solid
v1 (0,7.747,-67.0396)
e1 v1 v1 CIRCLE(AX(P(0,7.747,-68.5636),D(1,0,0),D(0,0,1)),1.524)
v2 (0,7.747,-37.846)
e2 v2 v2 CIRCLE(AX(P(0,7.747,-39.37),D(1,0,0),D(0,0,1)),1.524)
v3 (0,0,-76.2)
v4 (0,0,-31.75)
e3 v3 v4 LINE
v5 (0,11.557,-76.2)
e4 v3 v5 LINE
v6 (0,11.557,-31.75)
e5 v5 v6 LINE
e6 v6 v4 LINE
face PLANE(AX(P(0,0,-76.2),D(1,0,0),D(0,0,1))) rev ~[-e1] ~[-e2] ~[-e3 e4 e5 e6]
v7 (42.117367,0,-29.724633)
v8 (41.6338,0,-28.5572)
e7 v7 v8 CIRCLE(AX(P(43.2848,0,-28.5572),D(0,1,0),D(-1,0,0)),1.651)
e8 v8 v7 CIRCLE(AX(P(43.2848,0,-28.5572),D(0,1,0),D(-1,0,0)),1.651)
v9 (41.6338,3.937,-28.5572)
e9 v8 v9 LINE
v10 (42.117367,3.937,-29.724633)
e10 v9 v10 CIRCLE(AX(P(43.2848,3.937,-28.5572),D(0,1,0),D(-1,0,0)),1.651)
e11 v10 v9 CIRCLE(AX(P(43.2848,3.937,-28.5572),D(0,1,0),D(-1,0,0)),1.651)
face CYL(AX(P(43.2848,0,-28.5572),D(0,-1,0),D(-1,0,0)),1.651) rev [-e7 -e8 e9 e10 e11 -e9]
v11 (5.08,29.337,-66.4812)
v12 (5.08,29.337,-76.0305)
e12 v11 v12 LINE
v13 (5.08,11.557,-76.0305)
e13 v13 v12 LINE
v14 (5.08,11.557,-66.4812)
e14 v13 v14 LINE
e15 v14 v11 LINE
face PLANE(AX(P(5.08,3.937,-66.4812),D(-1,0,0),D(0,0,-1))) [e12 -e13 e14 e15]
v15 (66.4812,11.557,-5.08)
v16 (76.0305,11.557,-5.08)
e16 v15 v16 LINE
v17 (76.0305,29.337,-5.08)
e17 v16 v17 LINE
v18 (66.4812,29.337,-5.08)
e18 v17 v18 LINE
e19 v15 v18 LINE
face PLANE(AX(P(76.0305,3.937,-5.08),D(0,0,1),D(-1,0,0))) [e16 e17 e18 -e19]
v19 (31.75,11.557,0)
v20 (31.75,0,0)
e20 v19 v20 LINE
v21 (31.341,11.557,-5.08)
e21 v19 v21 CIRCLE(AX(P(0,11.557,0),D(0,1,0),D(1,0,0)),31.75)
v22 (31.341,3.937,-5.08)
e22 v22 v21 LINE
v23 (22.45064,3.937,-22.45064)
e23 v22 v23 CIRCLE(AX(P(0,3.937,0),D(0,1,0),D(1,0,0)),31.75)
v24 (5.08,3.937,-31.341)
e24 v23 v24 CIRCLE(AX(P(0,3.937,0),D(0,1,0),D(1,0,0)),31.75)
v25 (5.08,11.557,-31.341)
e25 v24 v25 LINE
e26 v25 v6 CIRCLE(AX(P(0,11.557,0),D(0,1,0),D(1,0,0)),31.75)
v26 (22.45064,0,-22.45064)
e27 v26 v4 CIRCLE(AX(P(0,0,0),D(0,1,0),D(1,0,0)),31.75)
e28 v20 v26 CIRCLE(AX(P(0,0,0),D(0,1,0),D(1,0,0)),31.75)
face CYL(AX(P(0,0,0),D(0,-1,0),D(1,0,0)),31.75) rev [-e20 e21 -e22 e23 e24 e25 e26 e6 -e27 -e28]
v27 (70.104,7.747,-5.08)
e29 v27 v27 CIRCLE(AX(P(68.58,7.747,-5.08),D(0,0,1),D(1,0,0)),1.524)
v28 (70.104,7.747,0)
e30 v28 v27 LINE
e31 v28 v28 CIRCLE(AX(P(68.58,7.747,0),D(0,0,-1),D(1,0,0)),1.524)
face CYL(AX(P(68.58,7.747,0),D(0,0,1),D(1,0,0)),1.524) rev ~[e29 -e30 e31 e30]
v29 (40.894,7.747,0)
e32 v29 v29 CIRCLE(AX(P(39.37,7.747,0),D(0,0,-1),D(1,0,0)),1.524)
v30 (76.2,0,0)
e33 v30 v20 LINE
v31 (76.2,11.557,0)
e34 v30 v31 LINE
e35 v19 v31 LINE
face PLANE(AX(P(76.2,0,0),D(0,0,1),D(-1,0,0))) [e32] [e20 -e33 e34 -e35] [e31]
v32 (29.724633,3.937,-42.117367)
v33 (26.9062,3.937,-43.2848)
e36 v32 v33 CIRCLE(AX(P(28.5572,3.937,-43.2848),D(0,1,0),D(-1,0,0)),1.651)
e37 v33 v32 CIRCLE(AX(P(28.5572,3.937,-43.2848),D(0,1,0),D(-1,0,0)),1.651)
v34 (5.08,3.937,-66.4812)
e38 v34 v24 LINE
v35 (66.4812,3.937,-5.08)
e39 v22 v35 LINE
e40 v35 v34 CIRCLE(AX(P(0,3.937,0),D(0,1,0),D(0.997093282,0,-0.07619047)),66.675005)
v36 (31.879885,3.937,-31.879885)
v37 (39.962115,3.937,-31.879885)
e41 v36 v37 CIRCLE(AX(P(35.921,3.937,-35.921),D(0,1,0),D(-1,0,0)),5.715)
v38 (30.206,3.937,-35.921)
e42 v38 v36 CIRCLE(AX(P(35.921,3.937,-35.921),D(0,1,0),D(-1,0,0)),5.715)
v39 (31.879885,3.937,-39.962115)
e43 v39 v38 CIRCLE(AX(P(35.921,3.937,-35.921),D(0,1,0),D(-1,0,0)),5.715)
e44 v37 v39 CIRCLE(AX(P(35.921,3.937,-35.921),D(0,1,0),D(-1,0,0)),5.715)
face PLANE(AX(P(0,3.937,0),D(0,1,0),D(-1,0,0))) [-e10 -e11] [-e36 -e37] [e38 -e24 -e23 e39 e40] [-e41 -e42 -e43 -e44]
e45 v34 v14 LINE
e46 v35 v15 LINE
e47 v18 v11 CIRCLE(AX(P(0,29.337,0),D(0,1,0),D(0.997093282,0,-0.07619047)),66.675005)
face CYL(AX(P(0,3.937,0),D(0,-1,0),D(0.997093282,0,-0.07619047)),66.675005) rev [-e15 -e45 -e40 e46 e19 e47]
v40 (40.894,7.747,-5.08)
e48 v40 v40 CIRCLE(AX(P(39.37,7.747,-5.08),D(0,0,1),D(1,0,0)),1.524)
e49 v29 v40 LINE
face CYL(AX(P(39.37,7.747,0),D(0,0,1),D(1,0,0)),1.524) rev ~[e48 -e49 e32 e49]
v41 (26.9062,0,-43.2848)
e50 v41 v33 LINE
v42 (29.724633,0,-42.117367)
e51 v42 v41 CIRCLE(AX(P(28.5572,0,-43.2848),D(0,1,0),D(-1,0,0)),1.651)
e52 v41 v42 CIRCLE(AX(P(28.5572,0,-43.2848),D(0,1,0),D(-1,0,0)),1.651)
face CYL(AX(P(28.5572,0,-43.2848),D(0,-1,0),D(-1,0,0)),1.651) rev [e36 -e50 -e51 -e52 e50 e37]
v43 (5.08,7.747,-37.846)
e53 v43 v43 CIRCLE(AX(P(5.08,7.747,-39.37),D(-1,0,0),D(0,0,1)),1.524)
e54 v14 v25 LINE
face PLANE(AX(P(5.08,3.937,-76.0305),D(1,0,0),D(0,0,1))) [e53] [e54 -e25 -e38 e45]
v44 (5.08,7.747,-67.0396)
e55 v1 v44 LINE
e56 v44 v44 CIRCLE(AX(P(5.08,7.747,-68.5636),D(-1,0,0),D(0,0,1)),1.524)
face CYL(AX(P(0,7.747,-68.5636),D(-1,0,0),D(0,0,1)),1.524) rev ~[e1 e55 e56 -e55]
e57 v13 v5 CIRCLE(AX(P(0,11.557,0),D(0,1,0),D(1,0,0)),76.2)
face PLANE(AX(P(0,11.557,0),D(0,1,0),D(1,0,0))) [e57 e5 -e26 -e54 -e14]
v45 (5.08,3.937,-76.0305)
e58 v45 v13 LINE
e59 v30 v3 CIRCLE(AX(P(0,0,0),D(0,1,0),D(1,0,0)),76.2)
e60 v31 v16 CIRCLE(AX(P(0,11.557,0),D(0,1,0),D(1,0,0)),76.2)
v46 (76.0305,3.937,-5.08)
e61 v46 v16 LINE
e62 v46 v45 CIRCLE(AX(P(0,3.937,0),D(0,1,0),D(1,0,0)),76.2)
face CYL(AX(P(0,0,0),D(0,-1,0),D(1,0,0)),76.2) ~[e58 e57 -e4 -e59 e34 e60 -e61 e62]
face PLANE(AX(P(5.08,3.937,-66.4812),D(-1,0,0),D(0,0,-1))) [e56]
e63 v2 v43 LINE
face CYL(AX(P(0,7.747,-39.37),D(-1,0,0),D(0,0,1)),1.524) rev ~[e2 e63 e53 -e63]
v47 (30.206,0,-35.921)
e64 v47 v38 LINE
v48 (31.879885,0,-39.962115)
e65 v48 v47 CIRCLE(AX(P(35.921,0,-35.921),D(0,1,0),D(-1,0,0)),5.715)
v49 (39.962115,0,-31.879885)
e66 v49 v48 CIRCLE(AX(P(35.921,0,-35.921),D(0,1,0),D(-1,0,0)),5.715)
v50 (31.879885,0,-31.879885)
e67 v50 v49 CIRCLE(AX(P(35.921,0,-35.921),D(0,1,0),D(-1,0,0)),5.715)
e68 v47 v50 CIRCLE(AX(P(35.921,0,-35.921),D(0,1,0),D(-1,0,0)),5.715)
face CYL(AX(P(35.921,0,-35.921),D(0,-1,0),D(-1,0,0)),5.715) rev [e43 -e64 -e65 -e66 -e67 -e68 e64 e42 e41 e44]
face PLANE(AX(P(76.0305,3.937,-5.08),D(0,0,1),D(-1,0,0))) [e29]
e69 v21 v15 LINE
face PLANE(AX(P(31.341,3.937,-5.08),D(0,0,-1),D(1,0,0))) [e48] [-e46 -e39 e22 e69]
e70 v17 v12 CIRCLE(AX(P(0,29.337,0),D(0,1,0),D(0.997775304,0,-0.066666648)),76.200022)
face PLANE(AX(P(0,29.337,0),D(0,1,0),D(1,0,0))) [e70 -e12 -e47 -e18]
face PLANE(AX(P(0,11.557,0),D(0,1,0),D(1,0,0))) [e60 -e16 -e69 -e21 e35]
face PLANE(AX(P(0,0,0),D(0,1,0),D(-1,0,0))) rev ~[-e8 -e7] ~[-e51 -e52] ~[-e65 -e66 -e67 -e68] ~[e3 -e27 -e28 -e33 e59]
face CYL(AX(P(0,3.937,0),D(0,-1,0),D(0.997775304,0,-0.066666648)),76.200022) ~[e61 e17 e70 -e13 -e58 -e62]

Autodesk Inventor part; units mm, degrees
ref_plane "YZ Plane" through (0, 0, 0) normal (1, 0, 0) x (0, 1, 0)
ref_plane "XZ Plane" through (0, 0, 0) normal (0, 1, 0) x (-1, 0, 0)
ref_plane "XY Plane" through (0, 0, 0) normal (0, 0, 1) x (1, 0, 0)
sketch "Sketch1" plane through (0, 0, 0) normal (0, 1, 0) x (-1, 0, 0)
  arc A0 (-76.2, 0) -> (0, -76.2) centre (0, 0) ccw
  line L0 (-76.2, 0) -> (-31.75, 0)
  line L1 (0, -76.2) -> (0, -31.75)
  arc A1 (-31.75, 0) -> (0, -31.75) centre (0, 0) ccw
  line L2 (0, 0) -> (-35.921, -35.921)
  line L3 (0, 0) -> (50.8, 0) construction
  circle A2 centre (-35.921, -35.921) radius 5.715
  line L4 (-35.921, -35.921) -> (-28.5572, -43.2848)
  line L5 (-35.921, -35.921) -> (-25.507, -35.921) construction
  line L6 (-35.921, -35.921) -> (-43.2848, -28.5572)
  circle A3 centre (-28.5572, -43.2848) radius 1.651
  circle A4 centre (-43.2848, -28.5572) radius 1.651
  dimension "d0" = 152.4
  dimension "d1" = 44.45
  dimension "d2" = 44.45
  dimension "d3" = 50.8
  dimension "d4" = 135
  dimension "d5" = 11.43
  dimension "d6" = 10.414
  dimension "d7" = 45
  dimension "d8" = 10.414
  dimension "d9" = 3.302
  dimension "d10" = 3.302
extrude "Extrusion1" add sketch "Sketch1" along normal blind 3.937
sketch "Sketch4" plane through (0, 3.937, 0) normal (0, 1, 0) x (1, 0, 0)
  circle A0 centre (35.921, 35.921) radius 5.715 projected
  circle A1 centre (43.2848, 28.5572) radius 1.651 projected
  circle A2 centre (28.5572, 43.2848) radius 1.651 projected
  arc A3 (76.2, 0) -> (0, 76.2) centre (0, 0) ccw projected
  line L0 (0, 76.2) -> (0, 31.75) projected
  arc A4 (31.75, 0) -> (0, 31.75) centre (0, 0) ccw projected
  line L1 (31.75, 0) -> (76.2, 0) projected
  line L2 (5.08, 76.0305) -> (5.08, 31.341)
  line L3 (31.341, 5.08) -> (76.0305, 5.08)
  dimension "d15" = 5.08
  dimension "d16" = 5.08
extrude "Extrusion2" add sketch "Sketch4" along normal blind 7.62 contours L1 A4 L3 A3 | L2 A4 L0 A3
sketch "Sketch5" plane through (31.75, 0, 0) normal (0, 0, 1) x (1, 0, 0)
  line L0 (0, 0) -> (0, 11.557) projected
  line L1 (0, 7.747) -> (44.3964, 7.747)
  line L2 (0, 11.557) -> (44.45, 11.557) projected
  circle A0 centre (7.62, 7.747) radius 1.524
  circle A1 centre (36.83, 7.747) radius 1.524
  line L3 (44.45, 0) -> (44.45, 11.557) projected
  point P0 (-31.75, 0)
  dimension "d19" = 3.81
  dimension "d20" = 3.048
  dimension "d21" = 3.048
  dimension "d22" = 7.62
  dimension "d23" = 7.62
extrude "Extrusion3" cut sketch "Sketch5" against normal through all
sketch "Sketch6" plane through (0, 0, -76.2) normal (-1, 0, 0) x (0, 0, 1)
  line L0 (0.0164, 7.747) -> (43.8758, 7.747)
  line L1 (0, 11.557) -> (44.45, 11.557) projected
  circle A0 centre (7.6364, 7.747) radius 1.524
  circle A1 centre (36.83, 7.747) radius 1.524
  line L2 (44.45, 0) -> (44.45, 11.557) projected
  point P0 (76.2, 0)
  dimension "d26" = 3.81
  dimension "d27" = 3.048
  dimension "d28" = 3.048
  dimension "d29" = 7.62
  dimension "d30" = 7.62
extrude "Extrusion4" cut sketch "Sketch6" against normal blind 7.62
sketch "Sketch7" plane through (0, 3.937, 0) normal (0, 1, 0) x (1, 0, 0)
  arc A0 (76.0305, 5.08) -> (5.08, 76.0305) centre (0, 0) ccw projected
  line L0 (5.08, 31.341) -> (5.08, 76.0305) projected
  line L1 (76.0305, 5.08) -> (31.341, 5.08) projected
  arc A1 (66.4812, 5.08) -> (5.08, 66.4812) centre (0, 0) ccw
  dimension "d33" = 133.35
extrude "Extrusion5" add sketch "Sketch7" along normal blind 25.4
properties part number "base_segment"
